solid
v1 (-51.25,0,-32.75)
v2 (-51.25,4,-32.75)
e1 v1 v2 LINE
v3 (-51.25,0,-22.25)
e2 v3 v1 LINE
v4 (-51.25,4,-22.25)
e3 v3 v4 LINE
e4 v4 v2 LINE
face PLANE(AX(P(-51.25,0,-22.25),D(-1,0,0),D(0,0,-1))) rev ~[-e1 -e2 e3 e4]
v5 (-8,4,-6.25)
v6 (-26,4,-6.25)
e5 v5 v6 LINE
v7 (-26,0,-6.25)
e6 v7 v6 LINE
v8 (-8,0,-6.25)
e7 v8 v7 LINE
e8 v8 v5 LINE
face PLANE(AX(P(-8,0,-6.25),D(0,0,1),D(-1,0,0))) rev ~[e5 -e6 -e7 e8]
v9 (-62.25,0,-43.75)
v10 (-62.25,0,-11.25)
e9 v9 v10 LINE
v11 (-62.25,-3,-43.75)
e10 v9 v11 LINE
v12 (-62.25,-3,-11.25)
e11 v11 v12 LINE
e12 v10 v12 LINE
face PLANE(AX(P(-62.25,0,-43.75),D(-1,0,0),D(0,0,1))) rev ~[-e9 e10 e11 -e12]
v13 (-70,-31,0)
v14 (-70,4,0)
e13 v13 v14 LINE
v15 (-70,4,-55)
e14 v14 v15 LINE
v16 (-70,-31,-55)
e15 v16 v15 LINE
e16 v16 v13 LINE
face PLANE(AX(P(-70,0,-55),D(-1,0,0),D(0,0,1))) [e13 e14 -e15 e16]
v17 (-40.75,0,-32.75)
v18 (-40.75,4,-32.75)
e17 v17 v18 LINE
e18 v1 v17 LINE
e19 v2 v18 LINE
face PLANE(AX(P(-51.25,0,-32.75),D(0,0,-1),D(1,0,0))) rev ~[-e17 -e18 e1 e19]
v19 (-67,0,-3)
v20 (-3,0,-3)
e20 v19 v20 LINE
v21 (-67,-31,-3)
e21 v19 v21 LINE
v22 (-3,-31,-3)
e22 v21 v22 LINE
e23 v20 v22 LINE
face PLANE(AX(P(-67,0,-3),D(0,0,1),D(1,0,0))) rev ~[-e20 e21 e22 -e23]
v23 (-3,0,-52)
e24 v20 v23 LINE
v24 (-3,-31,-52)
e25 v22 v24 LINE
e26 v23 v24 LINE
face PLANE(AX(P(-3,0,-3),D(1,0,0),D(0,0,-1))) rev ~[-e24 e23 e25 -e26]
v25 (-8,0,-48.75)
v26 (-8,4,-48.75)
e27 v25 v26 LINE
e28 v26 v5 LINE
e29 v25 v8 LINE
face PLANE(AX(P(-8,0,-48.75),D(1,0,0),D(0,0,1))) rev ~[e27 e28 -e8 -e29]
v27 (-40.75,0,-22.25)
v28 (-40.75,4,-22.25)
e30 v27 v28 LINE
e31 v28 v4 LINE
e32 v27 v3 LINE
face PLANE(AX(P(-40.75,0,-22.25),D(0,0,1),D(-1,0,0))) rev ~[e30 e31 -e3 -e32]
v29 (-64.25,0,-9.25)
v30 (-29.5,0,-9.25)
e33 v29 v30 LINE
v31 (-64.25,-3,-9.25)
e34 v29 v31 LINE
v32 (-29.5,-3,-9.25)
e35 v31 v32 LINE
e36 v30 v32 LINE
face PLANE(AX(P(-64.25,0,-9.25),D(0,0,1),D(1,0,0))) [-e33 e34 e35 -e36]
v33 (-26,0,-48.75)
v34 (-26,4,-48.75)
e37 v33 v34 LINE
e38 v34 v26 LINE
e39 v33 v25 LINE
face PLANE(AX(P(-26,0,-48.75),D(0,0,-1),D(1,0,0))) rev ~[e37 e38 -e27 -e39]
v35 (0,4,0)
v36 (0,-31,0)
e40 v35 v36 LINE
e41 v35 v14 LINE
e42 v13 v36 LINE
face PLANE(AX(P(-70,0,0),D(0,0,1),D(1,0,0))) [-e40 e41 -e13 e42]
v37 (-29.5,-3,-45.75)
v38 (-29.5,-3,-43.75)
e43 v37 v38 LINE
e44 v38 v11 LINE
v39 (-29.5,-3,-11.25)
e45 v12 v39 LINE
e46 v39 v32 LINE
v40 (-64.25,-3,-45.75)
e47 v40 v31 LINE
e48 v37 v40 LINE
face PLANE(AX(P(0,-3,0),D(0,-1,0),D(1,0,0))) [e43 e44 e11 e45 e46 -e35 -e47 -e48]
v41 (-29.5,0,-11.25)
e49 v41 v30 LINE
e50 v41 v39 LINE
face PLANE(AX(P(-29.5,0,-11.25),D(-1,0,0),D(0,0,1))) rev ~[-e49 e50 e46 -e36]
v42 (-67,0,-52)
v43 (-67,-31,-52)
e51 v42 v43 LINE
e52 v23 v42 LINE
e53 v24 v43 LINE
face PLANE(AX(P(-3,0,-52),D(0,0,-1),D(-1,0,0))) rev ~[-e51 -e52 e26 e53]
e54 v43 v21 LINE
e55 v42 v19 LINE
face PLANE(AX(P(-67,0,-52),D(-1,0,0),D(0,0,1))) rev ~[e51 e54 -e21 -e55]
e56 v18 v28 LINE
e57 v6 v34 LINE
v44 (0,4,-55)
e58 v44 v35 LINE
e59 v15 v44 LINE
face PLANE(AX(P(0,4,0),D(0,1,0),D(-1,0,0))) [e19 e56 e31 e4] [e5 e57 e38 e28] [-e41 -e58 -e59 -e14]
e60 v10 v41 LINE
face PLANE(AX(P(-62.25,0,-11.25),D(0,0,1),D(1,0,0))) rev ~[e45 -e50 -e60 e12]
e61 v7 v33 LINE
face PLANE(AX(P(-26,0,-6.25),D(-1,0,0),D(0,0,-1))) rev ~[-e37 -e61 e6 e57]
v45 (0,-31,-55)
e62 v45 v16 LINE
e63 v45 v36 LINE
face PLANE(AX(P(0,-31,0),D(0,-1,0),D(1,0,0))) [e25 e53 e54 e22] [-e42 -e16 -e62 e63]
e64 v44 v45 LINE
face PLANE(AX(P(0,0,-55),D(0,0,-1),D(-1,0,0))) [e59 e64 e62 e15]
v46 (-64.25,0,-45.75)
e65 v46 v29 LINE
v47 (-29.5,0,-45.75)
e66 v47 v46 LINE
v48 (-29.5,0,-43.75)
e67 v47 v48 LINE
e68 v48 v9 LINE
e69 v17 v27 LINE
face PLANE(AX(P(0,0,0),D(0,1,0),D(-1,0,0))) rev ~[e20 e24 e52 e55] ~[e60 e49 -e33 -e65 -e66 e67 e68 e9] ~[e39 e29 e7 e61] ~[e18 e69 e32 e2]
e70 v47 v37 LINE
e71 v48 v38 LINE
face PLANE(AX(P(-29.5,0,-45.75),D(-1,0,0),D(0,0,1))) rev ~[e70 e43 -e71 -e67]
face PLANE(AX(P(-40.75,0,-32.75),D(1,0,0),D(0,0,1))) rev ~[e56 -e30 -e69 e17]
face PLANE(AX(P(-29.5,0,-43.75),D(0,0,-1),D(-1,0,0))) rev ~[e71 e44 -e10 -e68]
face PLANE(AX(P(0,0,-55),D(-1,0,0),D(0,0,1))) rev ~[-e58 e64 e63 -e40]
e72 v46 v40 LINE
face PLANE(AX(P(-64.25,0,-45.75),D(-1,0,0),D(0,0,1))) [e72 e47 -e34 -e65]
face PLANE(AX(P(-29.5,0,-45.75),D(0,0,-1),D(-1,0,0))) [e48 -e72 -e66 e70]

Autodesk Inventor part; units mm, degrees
ref_plane "YZ Plane" through (0, 0, 0) normal (1, 0, 0) x (0, 1, 0)
ref_plane "XZ Plane" through (0, 0, 0) normal (0, 1, 0) x (-1, 0, 0)
ref_plane "XY Plane" through (0, 0, 0) normal (0, 0, 1) x (1, 0, 0)
sketch "Sketch1" plane through (0, 0, 0) normal (0, 1, 0) x (-1, 0, 0)
  line L0 (0, 0) -> (70, 0)
  line L1 (70, 0) -> (70, -55)
  line L2 (70, -55) -> (0, -55)
  line L3 (0, -55) -> (0, 0)
  line L4 (51.25, -32.75) -> (40.75, -32.75)
  line L5 (40.75, -32.75) -> (40.75, -22.25)
  line L6 (40.75, -22.25) -> (51.25, -22.25)
  line L7 (51.25, -22.25) -> (51.25, -32.75)
  line L8 (26, -48.75) -> (8, -48.75)
  line L9 (8, -48.75) -> (8, -6.25)
  line L10 (8, -6.25) -> (26, -6.25)
  line L11 (26, -6.25) -> (26, -48.75)
  dimension "d0" = 70
  dimension "d1" = 55
  dimension "d2" = 10.5
  dimension "d3" = 10.5
  dimension "d4" = 18
  dimension "d5" = 42.5
  dimension "d6" = 6.25
  dimension "d7" = 22.25
  dimension "d8" = 8
  dimension "d9" = 18.75
extrude "Extrusion1" add sketch "Sketch1" along normal blind 4
sketch "Sketch2" plane through (0, 0, 0) normal (0, -1, 0) x (1, 0, 0)
  line L0 (0, 0) -> (0, -55) projected
  line L1 (-70, 0) -> (0, 0) projected
  line L2 (0, -55) -> (-70, -55)
  line L3 (-70, -55) -> (-70, 0)
  line L4 (-70, 0) -> (0, 0)
  line L5 (0, 0) -> (0, -55)
  line L6 (-3, -52) -> (-67, -52)
  line L7 (-67, -52) -> (-67, -3)
  line L8 (-67, -3) -> (-3, -3)
  line L9 (-3, -3) -> (-3, -52)
  line L10 (-29.5, -43.75) -> (-62.25, -43.75)
  line L11 (-62.25, -43.75) -> (-62.25, -11.25)
  line L12 (-62.25, -11.25) -> (-29.5, -11.25)
  line L13 (-40.75, -32.75) -> (-51.25, -32.75) projected
  line L14 (-51.25, -22.25) -> (-40.75, -22.25) projected
  line L15 (-51.25, -32.75) -> (-51.25, -22.25) projected
  line L16 (-40.75, -22.25) -> (-40.75, -32.75) projected
  line L17 (-29.5, -45.75) -> (-64.25, -45.75)
  line L18 (-64.25, -45.75) -> (-64.25, -9.25)
  line L19 (-64.25, -9.25) -> (-29.5, -9.25)
  line L20 (-29.5, -45.75) -> (-29.5, -43.75)
  line L21 (-29.5, -11.25) -> (-29.5, -9.25)
  dimension "d14" = 3
  dimension "d15" = 3
  dimension "d16" = 3
  dimension "d17" = 3
  dimension "d18" = 32.75
  dimension "d19" = 11
  dimension "d20" = 11
  dimension "d21" = 11
  dimension "d23" = 2
  dimension "d24" = 2
  dimension "d25" = 2
extrude "Extrusion2" add sketch "Sketch2" along normal blind 3 contours L20 L17 L18 L19 L21 L12 L11 L10
sketch "Sketch3" plane through (0, 0, 0) normal (0, -1, 0) x (1, 0, 0)
  line L0 (0, -55) -> (0, 0) projected
  line L1 (0, -55) -> (-70, -55)
  line L2 (-70, -55) -> (-70, 0)
  line L3 (-70, 0) -> (0, 0)
  line L4 (0, 0) -> (0, -55)
  line L5 (-3, -52) -> (-67, -52)
  line L6 (-67, -52) -> (-67, -3)
  line L7 (-67, -3) -> (-3, -3)
  line L8 (-3, -3) -> (-3, -52)
  dimension "d28" = 3
  dimension "d29" = 3
  dimension "d30" = 3
  dimension "d31" = 3
extrude "Extrusion3" add sketch "Sketch3" along normal blind 31
properties part number "test_camAndultra"
